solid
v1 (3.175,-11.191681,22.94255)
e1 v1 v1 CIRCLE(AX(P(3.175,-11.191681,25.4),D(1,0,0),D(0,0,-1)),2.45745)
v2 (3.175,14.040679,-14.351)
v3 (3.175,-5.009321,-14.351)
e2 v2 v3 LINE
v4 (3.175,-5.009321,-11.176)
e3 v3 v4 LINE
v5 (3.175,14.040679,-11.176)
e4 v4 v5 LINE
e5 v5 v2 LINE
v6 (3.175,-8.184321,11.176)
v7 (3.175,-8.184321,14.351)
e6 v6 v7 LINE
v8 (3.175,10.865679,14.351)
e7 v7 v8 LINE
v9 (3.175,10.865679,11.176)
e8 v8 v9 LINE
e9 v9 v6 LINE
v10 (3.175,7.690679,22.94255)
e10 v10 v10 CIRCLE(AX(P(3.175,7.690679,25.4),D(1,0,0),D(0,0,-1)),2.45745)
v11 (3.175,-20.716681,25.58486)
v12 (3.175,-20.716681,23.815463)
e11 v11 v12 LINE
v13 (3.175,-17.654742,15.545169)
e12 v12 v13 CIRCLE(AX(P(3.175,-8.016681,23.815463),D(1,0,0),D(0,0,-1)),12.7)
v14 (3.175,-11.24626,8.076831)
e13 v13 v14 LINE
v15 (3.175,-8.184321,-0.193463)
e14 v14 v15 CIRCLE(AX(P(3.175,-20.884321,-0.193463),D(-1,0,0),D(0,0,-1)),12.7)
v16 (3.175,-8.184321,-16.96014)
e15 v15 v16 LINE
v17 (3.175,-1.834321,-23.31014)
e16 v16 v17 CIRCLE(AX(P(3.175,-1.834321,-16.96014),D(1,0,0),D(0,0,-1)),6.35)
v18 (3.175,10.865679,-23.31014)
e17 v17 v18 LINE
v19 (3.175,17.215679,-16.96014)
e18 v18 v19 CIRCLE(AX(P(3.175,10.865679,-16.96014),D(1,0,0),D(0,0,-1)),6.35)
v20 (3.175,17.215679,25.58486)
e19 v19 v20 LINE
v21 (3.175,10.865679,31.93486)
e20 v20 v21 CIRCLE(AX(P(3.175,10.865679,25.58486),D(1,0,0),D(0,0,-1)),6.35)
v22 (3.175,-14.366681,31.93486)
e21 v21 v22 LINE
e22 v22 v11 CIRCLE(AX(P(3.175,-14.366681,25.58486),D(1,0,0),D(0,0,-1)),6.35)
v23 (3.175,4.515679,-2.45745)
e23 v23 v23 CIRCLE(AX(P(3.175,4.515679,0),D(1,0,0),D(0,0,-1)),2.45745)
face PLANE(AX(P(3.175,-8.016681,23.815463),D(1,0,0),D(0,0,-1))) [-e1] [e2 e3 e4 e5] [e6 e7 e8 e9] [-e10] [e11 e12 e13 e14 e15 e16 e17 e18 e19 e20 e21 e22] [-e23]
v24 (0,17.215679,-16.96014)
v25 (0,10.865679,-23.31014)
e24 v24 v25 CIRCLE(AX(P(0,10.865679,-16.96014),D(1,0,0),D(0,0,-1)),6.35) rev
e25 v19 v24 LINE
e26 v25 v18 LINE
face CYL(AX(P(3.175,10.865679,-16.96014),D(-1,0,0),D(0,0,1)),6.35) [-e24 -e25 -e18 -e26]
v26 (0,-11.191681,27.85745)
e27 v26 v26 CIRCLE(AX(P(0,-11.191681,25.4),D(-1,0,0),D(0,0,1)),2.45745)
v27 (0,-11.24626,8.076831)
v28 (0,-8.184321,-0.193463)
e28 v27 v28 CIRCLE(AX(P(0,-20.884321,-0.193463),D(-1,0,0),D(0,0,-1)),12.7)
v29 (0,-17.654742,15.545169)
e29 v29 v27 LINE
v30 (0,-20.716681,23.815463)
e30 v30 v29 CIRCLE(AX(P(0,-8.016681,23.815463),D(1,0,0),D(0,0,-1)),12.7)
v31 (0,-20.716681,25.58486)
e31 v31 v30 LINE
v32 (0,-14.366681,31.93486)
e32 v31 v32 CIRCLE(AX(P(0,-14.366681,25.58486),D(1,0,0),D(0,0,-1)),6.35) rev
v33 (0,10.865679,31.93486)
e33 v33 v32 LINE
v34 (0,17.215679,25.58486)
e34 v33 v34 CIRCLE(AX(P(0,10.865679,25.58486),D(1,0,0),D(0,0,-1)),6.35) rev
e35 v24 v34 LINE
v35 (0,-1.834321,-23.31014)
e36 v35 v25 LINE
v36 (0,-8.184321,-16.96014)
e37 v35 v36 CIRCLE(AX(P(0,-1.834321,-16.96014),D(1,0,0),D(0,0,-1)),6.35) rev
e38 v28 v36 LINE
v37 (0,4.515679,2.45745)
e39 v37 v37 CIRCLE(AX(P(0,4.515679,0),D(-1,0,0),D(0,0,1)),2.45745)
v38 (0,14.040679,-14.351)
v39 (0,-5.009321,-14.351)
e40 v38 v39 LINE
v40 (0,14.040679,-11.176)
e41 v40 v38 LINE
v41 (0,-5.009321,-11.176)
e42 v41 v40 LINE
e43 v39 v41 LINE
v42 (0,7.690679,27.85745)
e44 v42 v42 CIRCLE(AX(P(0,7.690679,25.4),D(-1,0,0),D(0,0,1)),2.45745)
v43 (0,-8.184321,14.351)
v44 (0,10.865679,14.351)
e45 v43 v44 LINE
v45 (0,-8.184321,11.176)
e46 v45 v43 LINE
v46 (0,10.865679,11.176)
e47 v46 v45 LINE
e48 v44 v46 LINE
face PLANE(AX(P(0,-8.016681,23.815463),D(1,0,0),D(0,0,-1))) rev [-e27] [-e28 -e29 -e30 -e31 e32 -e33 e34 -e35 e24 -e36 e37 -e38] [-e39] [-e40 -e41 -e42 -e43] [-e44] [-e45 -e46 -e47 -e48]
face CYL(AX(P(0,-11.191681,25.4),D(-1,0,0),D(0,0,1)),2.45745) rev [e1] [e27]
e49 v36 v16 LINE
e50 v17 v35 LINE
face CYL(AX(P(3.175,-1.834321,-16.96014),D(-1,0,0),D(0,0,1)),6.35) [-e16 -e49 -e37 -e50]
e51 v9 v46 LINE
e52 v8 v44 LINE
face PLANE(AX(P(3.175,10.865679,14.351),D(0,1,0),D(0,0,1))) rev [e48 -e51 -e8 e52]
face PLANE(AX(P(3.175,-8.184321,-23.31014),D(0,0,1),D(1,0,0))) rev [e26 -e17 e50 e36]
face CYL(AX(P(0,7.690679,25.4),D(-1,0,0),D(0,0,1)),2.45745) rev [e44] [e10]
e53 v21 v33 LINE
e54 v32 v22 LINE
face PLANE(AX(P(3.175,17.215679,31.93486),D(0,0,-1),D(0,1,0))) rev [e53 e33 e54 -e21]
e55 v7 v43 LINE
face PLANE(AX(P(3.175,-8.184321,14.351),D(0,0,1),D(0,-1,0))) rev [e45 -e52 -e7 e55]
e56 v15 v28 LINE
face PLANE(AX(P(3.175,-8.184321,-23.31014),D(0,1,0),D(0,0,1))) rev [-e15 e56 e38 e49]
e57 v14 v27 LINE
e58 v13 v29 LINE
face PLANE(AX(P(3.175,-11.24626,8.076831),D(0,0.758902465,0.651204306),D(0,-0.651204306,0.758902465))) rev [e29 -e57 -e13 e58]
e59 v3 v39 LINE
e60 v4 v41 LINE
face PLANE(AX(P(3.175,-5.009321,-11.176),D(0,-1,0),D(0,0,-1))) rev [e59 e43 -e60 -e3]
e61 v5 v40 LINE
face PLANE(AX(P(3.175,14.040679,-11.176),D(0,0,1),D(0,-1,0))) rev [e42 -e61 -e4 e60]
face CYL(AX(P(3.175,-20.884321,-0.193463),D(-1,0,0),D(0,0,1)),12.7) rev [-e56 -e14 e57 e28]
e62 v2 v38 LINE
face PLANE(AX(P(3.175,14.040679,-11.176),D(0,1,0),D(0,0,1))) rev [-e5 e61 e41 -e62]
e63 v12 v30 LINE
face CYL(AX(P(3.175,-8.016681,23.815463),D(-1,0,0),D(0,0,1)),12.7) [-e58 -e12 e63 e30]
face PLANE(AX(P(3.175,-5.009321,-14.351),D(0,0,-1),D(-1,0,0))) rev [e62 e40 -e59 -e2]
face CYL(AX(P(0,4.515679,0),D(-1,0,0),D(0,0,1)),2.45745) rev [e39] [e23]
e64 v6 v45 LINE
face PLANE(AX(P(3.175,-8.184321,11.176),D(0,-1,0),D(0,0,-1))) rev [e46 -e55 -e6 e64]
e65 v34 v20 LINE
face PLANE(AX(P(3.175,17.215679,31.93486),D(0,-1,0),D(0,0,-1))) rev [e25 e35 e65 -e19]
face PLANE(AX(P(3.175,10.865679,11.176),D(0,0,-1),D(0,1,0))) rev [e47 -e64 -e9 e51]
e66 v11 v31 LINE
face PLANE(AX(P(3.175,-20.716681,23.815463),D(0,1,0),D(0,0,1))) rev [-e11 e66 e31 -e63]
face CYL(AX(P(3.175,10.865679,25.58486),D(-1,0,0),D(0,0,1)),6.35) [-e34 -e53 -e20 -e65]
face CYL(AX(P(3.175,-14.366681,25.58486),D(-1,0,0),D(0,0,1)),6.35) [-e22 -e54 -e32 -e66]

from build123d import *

# Parameters (mm, degrees)
BOSS_EXTRUDE1_DEPTH              = 3.175
SKETCH7_W                        = 3.175
SKETCH7_H                        = 19.05
CUT_EXTRUDE1_DEPTH               = 3.175
F_10_0_1935_DIAMETER_HOLE1_D     = 4.9149
F_10_0_1935_DIAMETER_HOLE1_DEPTH = 9.699415072
F_10_0_1935_DIAMETER_HOLE1_TIP   = 1.476584928
FILLET1_R                        = 6.35


with BuildPart() as part:
    # Sketch1 → Boss-Extrude1 (new body)
    with BuildSketch(Plane(origin=(0, 0, 0), x_dir=(0, 0, -1), z_dir=(1, 0, 0))):
        with BuildLine():
            Line((-31.934860292, 17.215678835), (23.310139708, 17.215678835))
            Line((23.310139708, 17.215678835), (23.310139708, -8.184321165))
            Line((23.310139708, -8.184321165), (0.193463217, -8.184321165))
            ThreePointArc((0.193463217, -8.184321165), (-4.215993747, -8.974380389), (-8.076831475, -11.24625986))
            Line((-8.076831475, -11.24625986), (-15.545168525, -17.65474247))
            ThreePointArc((-15.545168525, -17.65474247), (-19.406006253, -19.926621941), (-23.815463217, -20.716681165))
            Line((-23.815463217, -20.716681165), (-31.934860292, -20.716681165))
            Line((-31.934860292, -20.716681165), (-31.934860292, 17.215678835))
        make_face()
    extrude(amount=BOSS_EXTRUDE1_DEPTH)

    # Sketch7 → Cut-Extrude1 (cut)
    with BuildSketch(Plane.ZY):
        with Locations((-12.7635, 4.515678835)):
            Rectangle(SKETCH7_W, SKETCH7_H)
        with Locations((12.7635, 1.340678835)):
            Rectangle(SKETCH7_W, SKETCH7_H)
    extrude(amount=-CUT_EXTRUDE1_DEPTH, mode=Mode.SUBTRACT)

    # #10 (0.1935) Diameter Hole1
    with Locations(Plane.ZY):
        with Locations((25.4, 7.690678835), (25.4, -11.191681165), (0, 4.515678835)):
            Hole(F_10_0_1935_DIAMETER_HOLE1_D / 2, depth=F_10_0_1935_DIAMETER_HOLE1_DEPTH)
            with Locations((0, 0, -(F_10_0_1935_DIAMETER_HOLE1_DEPTH + F_10_0_1935_DIAMETER_HOLE1_TIP / 2))):  # 118° drill point
                Cone(0, F_10_0_1935_DIAMETER_HOLE1_D / 2, F_10_0_1935_DIAMETER_HOLE1_TIP, mode=Mode.SUBTRACT)

    # Fillet1
    fillet1_edges = [part.edges().sort_by_distance(p)[0] for p in [
        (1.5875, 17.215678835, 31.934860292),
        (1.5875, 17.215678835, -23.310139708),
        (1.5875, -8.184321165, -23.310139708),
        (1.5875, -20.716681165, 31.934860292),
    ]]
    fillet(fillet1_edges, radius=FILLET1_R)


solid = part.part
